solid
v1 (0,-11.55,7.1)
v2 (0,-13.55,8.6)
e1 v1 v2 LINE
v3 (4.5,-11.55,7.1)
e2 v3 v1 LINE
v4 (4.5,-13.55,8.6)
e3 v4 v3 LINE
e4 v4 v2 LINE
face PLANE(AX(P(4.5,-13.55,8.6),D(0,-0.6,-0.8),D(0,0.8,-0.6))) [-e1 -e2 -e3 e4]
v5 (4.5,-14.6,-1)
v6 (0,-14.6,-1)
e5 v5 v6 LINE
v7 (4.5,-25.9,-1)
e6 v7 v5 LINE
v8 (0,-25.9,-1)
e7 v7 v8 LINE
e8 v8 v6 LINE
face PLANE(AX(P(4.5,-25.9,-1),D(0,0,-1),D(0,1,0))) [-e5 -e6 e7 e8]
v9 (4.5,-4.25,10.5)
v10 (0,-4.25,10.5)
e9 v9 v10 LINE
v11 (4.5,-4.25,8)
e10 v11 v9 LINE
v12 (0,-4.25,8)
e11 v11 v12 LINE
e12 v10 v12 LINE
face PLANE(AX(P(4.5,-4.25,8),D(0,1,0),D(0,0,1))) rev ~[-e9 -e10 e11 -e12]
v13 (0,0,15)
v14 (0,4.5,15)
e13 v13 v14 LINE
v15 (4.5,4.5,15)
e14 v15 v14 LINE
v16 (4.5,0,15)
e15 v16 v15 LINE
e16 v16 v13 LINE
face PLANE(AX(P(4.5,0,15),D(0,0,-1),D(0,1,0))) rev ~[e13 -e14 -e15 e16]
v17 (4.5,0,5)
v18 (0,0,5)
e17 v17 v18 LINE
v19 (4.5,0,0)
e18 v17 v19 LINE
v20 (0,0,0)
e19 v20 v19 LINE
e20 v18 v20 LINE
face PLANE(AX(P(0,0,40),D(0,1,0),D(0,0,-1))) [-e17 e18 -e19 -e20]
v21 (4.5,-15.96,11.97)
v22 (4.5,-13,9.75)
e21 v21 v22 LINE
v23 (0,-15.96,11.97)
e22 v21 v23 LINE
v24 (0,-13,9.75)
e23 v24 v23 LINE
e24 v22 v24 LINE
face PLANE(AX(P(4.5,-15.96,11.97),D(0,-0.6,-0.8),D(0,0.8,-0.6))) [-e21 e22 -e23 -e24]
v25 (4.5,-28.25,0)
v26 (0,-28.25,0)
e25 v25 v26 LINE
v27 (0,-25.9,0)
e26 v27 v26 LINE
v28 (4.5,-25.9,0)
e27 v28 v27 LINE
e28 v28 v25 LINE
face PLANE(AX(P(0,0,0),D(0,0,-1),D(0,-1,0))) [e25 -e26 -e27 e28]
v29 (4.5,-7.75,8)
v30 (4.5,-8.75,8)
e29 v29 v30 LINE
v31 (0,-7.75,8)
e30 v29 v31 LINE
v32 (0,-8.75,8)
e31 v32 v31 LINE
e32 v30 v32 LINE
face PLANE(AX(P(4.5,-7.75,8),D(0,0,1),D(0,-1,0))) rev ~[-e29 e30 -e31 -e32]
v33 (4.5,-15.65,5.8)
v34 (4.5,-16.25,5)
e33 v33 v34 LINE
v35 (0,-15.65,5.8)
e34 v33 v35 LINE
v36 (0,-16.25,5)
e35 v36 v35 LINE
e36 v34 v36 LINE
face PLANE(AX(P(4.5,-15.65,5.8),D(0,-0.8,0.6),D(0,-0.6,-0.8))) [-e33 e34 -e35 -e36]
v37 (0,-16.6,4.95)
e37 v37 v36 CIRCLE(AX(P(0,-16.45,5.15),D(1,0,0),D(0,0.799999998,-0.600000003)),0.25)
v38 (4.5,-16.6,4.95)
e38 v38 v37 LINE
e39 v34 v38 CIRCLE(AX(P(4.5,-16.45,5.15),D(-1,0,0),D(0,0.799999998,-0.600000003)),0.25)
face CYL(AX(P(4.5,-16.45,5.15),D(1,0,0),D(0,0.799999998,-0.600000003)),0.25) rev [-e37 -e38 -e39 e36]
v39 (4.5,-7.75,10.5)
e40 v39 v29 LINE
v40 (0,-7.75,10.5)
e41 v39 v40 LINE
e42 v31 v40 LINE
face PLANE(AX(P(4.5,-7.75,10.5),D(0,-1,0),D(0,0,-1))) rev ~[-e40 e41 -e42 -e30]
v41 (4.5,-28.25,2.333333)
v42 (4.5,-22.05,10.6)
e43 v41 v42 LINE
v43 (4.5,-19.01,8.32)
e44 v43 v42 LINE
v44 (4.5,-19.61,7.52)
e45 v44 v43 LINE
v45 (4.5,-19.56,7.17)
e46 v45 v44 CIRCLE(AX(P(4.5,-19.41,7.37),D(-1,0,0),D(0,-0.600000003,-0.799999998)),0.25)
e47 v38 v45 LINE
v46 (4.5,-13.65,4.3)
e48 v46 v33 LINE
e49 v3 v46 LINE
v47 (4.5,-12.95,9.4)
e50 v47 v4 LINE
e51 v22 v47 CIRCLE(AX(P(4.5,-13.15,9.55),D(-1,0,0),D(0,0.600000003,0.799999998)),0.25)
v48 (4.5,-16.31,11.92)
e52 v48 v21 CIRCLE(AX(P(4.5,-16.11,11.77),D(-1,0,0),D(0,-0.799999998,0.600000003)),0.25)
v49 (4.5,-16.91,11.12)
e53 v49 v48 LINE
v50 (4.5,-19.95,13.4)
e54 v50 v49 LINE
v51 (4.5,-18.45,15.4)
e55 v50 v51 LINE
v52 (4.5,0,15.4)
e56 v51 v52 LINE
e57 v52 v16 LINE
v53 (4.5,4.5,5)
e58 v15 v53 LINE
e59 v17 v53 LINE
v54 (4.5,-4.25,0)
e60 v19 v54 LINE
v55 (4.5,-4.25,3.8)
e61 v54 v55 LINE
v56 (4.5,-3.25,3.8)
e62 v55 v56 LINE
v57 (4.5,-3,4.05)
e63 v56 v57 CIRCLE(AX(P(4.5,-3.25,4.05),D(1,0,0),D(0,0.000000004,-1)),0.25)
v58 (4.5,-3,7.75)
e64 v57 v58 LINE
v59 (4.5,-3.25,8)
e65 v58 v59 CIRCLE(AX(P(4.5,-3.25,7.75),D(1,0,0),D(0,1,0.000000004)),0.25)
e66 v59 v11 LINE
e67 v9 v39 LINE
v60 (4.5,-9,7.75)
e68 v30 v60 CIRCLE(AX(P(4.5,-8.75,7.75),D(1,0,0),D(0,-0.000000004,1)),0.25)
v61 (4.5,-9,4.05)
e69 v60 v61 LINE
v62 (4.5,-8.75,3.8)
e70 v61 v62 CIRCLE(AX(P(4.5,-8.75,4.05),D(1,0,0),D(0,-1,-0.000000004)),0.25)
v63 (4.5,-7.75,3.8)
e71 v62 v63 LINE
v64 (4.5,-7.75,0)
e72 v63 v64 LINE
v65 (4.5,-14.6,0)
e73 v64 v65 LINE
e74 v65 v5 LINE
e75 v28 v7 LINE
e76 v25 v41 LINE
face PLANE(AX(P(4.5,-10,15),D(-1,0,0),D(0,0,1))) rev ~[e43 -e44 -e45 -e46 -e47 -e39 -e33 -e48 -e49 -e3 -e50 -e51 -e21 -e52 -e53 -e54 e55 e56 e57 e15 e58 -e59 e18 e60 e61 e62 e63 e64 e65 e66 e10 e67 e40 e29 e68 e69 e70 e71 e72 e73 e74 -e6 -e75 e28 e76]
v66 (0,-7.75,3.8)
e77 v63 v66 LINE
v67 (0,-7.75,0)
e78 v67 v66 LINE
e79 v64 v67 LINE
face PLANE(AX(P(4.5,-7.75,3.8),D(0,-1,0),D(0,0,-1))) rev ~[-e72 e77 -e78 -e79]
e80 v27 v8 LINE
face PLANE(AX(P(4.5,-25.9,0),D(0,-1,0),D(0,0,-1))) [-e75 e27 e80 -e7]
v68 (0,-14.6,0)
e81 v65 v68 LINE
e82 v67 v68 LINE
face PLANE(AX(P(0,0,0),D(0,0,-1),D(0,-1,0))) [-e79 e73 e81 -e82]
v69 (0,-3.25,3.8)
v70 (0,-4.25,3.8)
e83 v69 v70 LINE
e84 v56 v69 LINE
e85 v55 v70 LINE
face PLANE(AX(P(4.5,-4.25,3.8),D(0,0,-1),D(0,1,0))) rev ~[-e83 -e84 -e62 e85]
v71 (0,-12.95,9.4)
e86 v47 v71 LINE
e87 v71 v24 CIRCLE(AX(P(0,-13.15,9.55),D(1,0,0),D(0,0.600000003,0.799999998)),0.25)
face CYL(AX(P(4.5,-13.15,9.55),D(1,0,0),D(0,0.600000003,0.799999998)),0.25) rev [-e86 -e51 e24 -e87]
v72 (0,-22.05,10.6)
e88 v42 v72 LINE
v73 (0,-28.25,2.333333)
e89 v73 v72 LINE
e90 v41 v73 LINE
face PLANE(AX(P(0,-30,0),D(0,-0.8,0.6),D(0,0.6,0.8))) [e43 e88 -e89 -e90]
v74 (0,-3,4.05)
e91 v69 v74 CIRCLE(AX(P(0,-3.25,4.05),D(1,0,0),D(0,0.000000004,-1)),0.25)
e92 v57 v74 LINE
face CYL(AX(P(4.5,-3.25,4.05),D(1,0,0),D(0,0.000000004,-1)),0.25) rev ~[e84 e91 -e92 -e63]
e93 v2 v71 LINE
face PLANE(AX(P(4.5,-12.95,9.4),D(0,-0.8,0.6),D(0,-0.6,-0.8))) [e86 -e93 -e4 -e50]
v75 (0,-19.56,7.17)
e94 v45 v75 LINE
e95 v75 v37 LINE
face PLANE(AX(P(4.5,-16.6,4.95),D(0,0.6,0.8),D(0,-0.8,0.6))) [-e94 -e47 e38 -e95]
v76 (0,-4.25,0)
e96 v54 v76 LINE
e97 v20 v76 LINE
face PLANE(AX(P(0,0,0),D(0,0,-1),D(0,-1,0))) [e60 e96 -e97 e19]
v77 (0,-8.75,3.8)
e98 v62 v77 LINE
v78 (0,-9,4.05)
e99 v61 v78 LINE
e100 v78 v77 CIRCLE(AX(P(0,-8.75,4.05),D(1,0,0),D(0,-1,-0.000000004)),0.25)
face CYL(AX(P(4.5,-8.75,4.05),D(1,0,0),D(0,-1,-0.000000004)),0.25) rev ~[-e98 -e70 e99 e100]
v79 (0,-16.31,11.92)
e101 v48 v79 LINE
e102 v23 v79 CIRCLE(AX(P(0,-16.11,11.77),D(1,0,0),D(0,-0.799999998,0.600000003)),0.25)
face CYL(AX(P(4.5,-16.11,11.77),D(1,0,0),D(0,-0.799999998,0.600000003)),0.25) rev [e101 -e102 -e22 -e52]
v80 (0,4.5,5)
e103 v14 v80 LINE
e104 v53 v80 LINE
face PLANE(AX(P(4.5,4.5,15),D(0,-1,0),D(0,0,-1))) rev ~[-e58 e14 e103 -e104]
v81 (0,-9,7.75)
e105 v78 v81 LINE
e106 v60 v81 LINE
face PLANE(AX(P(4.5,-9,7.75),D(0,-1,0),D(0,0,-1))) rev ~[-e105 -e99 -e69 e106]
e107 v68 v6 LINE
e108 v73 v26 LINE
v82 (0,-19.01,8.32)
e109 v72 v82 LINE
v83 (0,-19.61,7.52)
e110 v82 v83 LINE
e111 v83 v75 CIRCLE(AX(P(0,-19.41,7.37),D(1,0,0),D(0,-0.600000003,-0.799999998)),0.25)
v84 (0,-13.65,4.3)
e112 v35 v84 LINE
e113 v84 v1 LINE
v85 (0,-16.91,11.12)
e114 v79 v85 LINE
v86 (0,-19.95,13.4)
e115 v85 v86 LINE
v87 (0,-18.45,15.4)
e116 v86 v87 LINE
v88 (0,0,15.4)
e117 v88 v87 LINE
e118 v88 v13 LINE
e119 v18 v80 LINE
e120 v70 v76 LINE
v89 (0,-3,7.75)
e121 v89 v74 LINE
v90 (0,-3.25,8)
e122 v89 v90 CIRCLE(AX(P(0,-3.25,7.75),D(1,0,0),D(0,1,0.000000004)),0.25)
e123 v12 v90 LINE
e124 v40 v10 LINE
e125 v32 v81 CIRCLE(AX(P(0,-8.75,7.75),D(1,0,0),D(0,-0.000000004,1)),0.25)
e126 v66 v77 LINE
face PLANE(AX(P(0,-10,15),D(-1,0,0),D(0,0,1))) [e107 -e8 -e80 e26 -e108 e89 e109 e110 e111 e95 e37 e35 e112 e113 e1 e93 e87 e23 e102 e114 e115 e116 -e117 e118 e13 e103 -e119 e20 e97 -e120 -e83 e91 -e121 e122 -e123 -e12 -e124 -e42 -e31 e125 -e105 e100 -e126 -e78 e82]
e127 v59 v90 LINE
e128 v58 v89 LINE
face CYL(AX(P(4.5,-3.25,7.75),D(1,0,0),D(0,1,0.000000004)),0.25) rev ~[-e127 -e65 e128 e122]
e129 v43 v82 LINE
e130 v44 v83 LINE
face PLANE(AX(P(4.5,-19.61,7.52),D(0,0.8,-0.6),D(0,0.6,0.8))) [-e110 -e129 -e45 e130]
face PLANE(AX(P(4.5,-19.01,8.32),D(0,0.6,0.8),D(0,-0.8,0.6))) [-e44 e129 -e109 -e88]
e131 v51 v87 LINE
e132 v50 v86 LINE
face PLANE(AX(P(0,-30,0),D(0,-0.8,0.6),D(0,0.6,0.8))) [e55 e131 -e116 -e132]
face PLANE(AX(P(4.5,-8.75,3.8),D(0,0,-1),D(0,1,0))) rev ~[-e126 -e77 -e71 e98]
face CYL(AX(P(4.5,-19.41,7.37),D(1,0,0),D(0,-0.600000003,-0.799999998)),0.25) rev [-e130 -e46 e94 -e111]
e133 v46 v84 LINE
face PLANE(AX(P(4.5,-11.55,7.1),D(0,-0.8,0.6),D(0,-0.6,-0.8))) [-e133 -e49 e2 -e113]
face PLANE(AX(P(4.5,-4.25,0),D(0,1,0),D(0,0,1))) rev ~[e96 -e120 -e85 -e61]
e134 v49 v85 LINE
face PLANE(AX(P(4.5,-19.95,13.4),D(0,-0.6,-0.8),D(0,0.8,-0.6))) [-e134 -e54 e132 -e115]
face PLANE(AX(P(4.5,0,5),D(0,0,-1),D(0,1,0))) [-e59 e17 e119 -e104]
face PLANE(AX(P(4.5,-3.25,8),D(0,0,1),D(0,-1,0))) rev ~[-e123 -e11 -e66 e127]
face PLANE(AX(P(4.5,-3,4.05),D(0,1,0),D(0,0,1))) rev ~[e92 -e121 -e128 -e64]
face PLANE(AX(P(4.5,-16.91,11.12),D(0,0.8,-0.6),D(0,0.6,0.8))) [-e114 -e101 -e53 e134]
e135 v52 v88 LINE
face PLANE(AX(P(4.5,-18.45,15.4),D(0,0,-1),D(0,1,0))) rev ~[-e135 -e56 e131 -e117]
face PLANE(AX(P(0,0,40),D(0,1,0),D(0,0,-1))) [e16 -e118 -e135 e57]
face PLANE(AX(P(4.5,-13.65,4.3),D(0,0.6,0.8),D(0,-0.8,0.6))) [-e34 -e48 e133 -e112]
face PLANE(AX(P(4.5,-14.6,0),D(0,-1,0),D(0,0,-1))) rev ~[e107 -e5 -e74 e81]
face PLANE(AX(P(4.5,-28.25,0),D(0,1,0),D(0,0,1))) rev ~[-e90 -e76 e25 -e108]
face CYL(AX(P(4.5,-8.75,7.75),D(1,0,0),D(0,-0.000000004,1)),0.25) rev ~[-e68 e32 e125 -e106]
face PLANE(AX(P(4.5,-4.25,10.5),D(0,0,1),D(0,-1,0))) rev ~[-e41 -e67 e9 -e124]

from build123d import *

# Parameters (mm, degrees)
BOSS_EXTRUDE1_DEPTH = 4.5
SKETCH2_W           = 1
SKETCH2_H           = 11.3
BOSS_EXTRUDE2_DEPTH = 4.5
CUT_EXTRUDE1_DEPTH  = 51.20209159
CUT_EXTRUDE2_DEPTH  = 51.20209159
CUT_EXTRUDE3_DEPTH  = 51.20209159
SKETCH8_W           = 10
SKETCH8_H           = 4.5
BOSS_EXTRUDE3_DEPTH = 4.5
CUT_EXTRUDE4_DEPTH  = 35.020728975


with BuildPart() as part:
    # Sketch1 → Boss-Extrude1 (new body)
    with BuildSketch(Plane(origin=(0, 0, 0), x_dir=(0, 0, -1), z_dir=(1, 0, 0))):
        Polygon((0, 0), (0, -30), (-40, 0), align=None)
    extrude(amount=BOSS_EXTRUDE1_DEPTH)

    # Sketch2 → Boss-Extrude2 (add, through all)
    with BuildSketch(Plane(origin=(4.5, 0, 0), x_dir=(0, 0, -1), z_dir=(1, 0, 0))):
        with Locations((0.5, -20.25)):
            Rectangle(SKETCH2_W, SKETCH2_H)
    extrude(amount=-BOSS_EXTRUDE2_DEPTH)

    # Sketch3 → Cut-Extrude1 (cut, through all)
    with BuildSketch(Plane(origin=(4.5, 0, 0), x_dir=(0, 0, -1), z_dir=(1, 0, 0))):
        with BuildLine():
            Line((0, -4.25), (-3.8, -4.25))
            Line((-3.8, -4.25), (-3.8, -3.25))
            ThreePointArc((-3.8, -3.25), (-3.873223305, -3.073223305), (-4.05, -3))
            Line((-4.05, -3), (-7.75, -3))
            ThreePointArc((-7.75, -3), (-7.926776695, -3.073223305), (-8, -3.25))
            Line((-8, -3.25), (-8, -4.25))
            Line((-8, -4.25), (-10.5, -4.25))
            Line((-10.5, -4.25), (-10.5, -7.75))
            Line((-10.5, -7.75), (-8, -7.75))
            Line((-8, -7.75), (-8, -8.75))
            ThreePointArc((-8, -8.75), (-7.926776695, -8.926776695), (-7.75, -9))
            Line((-7.75, -9), (-4.05, -9))
            ThreePointArc((-4.05, -9), (-3.873223305, -8.926776695), (-3.8, -8.75))
            Line((-3.8, -8.75), (-3.8, -7.75))
            Line((-3.8, -7.75), (0, -7.75))
            Line((0, -7.75), (0, -4.25))
        make_face()
    extrude(amount=-CUT_EXTRUDE1_DEPTH, mode=Mode.SUBTRACT)

    # Sketch4 → Cut-Extrude2 (cut, through all)
    with BuildSketch(Plane(origin=(4.5, 0, 0), x_dir=(0, 0, -1), z_dir=(1, 0, 0))):
        with BuildLine():
            Line((-10.6, -22.05), (-13.4, -19.95))
            Line((-13.4, -19.95), (-11.12, -16.91))
            Line((-11.12, -16.91), (-11.92, -16.31))
            ThreePointArc((-11.92, -16.31), (-12.017487373, -16.145355339), (-11.97, -15.96))
            Line((-11.97, -15.96), (-9.75, -13))
            ThreePointArc((-9.75, -13), (-9.585355339, -12.902512627), (-9.4, -12.95))
            Line((-9.4, -12.95), (-8.6, -13.55))
            Line((-8.6, -13.55), (-7.1, -11.55))
            Line((-7.1, -11.55), (-4.3, -13.65))
            Line((-4.3, -13.65), (-5.8, -15.65))
            Line((-5.8, -15.65), (-5, -16.25))
            ThreePointArc((-5, -16.25), (-4.902512627, -16.414644661), (-4.95, -16.6))
            Line((-4.95, -16.6), (-7.17, -19.56))
            ThreePointArc((-7.17, -19.56), (-7.334644661, -19.657487373), (-7.52, -19.61))
            Line((-7.52, -19.61), (-8.32, -19.01))
            Line((-8.32, -19.01), (-10.6, -22.05))
        make_face()
    extrude(amount=-CUT_EXTRUDE2_DEPTH, mode=Mode.SUBTRACT)

    # Sketch5 → Cut-Extrude3 (cut, through all)
    with BuildSketch(Plane(origin=(4.5, 0, 0), x_dir=(0, 0, -1), z_dir=(1, 0, 0))):
        Polygon((-15.4, -18.45), (-15.4, 0), (-40, 0), align=None)
    extrude(amount=-CUT_EXTRUDE3_DEPTH, mode=Mode.SUBTRACT)

    # Sketch8 → Boss-Extrude3 (add, through all)
    with BuildSketch(Plane(origin=(4.5, 0, 0), x_dir=(0, 0, -1), z_dir=(1, 0, 0))):
        with Locations((-10, 2.25)):
            Rectangle(SKETCH8_W, SKETCH8_H)
    extrude(amount=-BOSS_EXTRUDE3_DEPTH)

    # Sketch10 → Cut-Extrude4 (cut, through all)
    with BuildSketch(Plane(origin=(4.5, 0, 0), x_dir=(0, 0, -1), z_dir=(1, 0, 0))):
        Polygon((0, -28.25), (-2.333333333, -28.25), (0, -30), align=None)
    extrude(amount=-CUT_EXTRUDE4_DEPTH, mode=Mode.SUBTRACT)


solid = part.part
